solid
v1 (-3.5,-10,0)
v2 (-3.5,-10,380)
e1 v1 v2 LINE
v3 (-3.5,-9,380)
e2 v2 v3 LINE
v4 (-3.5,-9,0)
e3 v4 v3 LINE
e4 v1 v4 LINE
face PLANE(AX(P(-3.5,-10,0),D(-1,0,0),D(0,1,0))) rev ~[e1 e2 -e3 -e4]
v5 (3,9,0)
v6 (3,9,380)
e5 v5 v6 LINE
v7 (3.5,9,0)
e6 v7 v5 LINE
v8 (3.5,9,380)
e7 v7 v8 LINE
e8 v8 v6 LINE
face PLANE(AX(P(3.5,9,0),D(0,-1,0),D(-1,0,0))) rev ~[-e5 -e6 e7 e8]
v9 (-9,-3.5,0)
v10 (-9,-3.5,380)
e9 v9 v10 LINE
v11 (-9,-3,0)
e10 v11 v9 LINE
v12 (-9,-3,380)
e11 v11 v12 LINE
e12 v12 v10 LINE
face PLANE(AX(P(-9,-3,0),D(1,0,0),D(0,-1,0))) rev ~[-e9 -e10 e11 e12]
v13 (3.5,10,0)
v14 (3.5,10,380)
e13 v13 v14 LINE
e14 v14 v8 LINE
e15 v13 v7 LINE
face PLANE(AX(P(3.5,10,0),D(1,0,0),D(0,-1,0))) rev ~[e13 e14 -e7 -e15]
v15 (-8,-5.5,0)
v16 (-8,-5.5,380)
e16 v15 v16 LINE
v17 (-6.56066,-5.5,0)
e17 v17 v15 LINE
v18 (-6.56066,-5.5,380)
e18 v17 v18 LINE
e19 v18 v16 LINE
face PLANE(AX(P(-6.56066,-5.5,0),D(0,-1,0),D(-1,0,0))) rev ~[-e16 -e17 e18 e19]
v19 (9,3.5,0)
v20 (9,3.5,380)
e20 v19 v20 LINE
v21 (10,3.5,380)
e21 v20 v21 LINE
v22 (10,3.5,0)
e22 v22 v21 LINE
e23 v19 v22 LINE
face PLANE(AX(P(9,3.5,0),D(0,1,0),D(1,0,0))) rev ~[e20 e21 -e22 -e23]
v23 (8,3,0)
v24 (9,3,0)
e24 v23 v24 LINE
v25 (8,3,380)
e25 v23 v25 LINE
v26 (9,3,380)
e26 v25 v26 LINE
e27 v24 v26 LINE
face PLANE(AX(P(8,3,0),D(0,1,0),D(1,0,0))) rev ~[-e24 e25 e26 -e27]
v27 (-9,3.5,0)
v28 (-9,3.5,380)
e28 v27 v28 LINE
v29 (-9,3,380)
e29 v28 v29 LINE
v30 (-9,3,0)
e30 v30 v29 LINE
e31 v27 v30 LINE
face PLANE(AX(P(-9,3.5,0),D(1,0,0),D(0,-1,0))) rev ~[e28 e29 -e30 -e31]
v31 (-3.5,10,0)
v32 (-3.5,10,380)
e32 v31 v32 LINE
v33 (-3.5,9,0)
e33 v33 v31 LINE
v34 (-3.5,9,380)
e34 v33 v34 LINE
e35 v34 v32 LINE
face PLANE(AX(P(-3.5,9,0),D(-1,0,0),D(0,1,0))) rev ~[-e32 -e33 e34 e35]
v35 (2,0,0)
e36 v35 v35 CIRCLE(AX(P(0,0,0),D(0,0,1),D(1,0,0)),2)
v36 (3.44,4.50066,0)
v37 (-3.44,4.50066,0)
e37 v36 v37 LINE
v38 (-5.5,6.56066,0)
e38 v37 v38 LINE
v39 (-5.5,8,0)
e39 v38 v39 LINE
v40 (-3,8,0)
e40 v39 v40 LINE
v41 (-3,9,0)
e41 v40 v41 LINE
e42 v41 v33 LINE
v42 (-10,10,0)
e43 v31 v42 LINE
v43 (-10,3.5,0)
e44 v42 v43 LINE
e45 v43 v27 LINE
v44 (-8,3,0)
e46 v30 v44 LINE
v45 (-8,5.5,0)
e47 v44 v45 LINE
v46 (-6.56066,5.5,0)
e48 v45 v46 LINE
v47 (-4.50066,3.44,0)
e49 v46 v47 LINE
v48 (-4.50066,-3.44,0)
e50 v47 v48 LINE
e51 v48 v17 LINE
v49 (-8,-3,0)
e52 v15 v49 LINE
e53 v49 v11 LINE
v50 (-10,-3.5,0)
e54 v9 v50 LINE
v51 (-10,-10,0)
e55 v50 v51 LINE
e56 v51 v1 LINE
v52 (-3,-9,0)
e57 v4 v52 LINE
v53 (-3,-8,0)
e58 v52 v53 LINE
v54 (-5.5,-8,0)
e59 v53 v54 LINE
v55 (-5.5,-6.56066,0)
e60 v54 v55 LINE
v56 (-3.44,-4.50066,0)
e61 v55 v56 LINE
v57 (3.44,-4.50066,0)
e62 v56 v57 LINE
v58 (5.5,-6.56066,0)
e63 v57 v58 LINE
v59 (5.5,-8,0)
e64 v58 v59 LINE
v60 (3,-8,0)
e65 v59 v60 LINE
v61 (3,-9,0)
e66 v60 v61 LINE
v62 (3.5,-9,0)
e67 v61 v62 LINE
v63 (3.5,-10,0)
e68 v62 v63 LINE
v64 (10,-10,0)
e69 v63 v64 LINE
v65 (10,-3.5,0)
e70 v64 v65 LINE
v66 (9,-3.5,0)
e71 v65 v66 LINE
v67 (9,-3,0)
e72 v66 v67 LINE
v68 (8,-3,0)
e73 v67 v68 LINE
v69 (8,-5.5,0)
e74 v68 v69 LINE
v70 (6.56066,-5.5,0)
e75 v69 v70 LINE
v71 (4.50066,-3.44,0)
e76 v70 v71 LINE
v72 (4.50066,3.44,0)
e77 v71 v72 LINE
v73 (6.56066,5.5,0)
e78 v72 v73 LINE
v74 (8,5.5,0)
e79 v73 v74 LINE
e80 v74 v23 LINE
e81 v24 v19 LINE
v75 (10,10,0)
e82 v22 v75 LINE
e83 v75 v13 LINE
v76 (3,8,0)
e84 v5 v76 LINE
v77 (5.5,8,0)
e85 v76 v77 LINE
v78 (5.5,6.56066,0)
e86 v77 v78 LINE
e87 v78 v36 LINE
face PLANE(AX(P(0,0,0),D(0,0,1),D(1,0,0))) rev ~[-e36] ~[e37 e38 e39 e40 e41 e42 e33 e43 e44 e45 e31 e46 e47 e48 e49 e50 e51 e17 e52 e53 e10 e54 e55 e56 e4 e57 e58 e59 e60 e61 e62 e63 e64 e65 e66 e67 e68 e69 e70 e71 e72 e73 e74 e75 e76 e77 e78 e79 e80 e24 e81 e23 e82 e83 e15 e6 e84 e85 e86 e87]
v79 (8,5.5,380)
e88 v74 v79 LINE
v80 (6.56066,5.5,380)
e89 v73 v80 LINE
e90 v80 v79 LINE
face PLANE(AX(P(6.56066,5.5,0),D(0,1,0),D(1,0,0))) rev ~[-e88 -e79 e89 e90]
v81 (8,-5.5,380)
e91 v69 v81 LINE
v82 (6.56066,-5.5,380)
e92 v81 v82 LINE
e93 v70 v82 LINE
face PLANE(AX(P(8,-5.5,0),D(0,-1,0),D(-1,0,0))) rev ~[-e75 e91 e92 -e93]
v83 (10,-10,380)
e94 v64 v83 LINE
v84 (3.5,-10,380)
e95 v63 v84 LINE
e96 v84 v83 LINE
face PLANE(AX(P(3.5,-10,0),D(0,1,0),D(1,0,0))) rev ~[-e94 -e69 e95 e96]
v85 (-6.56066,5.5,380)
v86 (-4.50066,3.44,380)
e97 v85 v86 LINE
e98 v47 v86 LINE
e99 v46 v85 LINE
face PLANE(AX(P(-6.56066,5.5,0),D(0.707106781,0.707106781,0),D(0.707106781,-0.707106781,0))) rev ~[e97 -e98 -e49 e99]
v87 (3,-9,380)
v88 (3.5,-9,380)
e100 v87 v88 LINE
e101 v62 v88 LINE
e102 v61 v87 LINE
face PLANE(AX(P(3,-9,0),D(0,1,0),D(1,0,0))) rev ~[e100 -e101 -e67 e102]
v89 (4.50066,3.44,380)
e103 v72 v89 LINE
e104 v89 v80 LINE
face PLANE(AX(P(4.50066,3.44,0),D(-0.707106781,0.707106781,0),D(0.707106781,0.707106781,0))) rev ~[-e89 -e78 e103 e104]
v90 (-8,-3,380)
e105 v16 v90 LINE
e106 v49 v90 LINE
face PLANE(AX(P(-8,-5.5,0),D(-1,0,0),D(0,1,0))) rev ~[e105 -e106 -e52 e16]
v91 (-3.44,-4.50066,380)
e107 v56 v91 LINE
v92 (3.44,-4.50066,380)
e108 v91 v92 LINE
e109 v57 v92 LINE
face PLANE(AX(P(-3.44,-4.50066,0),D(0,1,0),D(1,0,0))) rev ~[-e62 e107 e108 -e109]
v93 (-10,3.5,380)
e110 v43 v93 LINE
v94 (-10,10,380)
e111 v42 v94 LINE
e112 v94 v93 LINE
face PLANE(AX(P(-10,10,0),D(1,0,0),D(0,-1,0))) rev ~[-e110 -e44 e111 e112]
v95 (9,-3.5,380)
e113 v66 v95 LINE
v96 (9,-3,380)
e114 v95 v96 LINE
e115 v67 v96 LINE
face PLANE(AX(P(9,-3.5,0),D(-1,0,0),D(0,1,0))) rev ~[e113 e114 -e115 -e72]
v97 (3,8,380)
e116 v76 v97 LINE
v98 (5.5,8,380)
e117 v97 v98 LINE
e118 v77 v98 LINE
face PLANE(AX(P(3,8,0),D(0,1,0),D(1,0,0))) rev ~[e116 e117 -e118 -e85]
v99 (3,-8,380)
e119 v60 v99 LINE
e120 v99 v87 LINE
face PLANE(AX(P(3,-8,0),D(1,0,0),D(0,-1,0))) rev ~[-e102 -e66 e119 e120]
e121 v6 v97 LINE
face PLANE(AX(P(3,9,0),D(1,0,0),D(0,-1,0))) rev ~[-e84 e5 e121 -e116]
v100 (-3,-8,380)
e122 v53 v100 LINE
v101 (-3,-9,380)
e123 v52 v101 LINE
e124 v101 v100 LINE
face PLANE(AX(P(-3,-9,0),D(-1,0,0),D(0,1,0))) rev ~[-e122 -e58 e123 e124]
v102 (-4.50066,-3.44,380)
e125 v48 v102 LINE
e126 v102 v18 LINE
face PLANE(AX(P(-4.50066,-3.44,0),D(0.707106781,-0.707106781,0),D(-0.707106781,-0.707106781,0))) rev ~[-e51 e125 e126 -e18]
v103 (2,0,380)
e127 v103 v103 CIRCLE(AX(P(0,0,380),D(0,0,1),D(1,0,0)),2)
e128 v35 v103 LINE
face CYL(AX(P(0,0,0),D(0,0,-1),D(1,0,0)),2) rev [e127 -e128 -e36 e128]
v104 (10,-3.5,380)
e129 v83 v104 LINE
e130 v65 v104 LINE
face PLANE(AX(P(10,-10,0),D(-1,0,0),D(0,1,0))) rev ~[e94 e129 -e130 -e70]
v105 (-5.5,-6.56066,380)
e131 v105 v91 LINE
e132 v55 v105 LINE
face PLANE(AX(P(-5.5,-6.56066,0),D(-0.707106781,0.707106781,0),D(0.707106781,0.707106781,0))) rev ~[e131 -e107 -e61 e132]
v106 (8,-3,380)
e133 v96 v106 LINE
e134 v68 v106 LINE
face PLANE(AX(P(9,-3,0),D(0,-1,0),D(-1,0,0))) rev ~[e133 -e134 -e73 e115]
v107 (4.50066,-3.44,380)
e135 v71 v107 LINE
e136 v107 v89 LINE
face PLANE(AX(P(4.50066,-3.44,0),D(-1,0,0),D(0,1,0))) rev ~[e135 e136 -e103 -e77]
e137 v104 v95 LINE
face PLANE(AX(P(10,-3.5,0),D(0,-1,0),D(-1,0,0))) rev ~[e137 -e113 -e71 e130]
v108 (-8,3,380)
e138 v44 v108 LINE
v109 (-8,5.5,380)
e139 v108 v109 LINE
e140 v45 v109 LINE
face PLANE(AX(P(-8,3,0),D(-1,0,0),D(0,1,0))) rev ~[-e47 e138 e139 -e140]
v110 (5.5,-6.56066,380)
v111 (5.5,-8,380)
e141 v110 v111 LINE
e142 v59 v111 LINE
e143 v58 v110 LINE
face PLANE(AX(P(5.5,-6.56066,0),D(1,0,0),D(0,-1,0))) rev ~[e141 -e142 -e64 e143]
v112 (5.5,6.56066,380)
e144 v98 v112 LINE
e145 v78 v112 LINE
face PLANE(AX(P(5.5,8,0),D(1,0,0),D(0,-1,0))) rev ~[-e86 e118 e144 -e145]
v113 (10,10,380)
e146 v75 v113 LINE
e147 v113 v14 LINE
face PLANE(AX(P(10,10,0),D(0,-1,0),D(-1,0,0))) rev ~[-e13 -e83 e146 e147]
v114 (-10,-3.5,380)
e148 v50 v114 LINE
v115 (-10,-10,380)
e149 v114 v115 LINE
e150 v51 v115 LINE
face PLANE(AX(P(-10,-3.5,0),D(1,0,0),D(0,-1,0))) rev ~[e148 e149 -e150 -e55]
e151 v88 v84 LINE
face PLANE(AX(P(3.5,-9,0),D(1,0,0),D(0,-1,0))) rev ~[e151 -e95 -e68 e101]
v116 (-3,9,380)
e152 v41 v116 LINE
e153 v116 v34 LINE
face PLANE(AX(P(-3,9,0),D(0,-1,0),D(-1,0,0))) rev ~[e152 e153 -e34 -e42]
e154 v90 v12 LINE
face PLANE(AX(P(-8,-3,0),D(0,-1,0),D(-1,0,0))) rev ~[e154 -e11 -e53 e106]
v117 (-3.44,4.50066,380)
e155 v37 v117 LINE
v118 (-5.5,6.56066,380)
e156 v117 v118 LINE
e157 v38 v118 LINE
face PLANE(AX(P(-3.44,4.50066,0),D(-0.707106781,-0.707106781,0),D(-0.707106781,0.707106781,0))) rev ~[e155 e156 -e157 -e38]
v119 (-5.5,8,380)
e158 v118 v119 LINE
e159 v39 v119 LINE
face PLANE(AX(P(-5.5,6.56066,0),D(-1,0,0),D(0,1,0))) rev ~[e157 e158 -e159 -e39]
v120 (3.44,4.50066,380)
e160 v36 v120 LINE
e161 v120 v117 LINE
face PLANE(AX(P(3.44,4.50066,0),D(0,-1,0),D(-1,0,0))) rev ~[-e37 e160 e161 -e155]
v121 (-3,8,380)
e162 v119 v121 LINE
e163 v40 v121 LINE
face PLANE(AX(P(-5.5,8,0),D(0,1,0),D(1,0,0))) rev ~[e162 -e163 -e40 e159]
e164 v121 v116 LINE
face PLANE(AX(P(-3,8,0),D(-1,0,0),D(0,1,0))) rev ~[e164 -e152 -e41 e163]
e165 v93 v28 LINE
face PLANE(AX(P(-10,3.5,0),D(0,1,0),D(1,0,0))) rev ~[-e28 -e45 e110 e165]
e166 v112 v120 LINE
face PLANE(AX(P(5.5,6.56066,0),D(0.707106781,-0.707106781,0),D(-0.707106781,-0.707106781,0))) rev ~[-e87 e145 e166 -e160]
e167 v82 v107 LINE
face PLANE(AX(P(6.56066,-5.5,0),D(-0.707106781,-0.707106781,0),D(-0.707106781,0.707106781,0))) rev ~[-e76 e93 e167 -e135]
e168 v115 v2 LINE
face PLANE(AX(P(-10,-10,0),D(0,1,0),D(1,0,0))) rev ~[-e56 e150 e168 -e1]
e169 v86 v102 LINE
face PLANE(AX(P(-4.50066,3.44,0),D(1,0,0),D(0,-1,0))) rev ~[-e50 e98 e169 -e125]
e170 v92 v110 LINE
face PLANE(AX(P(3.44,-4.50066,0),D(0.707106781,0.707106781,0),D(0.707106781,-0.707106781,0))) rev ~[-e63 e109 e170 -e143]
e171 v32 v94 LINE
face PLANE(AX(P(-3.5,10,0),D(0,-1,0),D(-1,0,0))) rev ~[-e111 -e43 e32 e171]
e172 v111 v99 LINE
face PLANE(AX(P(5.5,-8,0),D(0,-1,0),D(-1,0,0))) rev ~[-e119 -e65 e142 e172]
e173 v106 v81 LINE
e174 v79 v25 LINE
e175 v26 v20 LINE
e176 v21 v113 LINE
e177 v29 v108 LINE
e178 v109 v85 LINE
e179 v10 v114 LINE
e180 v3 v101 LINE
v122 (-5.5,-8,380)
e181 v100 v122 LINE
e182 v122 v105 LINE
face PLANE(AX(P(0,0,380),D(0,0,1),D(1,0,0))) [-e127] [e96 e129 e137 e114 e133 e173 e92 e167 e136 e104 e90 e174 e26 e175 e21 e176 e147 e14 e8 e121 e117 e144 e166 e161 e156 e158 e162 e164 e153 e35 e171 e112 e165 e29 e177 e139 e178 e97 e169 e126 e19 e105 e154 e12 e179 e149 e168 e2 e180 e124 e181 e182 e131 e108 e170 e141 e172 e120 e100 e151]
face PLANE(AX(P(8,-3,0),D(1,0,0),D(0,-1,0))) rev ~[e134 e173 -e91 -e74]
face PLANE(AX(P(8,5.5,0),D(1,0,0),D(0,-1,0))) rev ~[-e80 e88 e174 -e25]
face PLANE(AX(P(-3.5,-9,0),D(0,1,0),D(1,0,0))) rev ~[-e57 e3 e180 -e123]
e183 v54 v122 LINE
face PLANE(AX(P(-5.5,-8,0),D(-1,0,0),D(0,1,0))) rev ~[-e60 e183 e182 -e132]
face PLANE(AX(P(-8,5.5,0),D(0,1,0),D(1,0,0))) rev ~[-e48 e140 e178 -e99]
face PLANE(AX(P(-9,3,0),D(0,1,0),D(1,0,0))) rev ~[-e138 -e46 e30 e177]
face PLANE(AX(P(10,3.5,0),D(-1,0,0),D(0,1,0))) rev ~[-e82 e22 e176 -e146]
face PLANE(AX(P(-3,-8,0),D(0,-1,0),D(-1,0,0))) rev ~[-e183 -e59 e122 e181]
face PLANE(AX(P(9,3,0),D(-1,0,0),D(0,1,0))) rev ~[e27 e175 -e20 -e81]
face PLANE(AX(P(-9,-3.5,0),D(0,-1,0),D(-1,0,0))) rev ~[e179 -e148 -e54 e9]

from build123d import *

# Parameters (mm, degrees)
SKETCH1_R           = 2
BOSS_EXTRUDE1_DEPTH = 380


with BuildPart() as part:
    # Sketch1 → Boss-Extrude1 (new body)
    with BuildSketch(Plane.XY):
        Polygon((-10, -10), (-3.5, -10), (-3.5, -9), (-3, -9), (-3, -8), (-5.5, -8), (-5.5, -6.560660172), (-3.44, -4.500660172), (3.44, -4.500660172), (5.5, -6.560660172), (5.5, -8), (3, -8), (3, -9), (3.5, -9), (3.5, -10), (10, -10), (10, -3.5), (9, -3.5), (9, -3), (8, -3), (8, -5.5), (6.560660172, -5.5), (4.500660172, -3.44), (4.500660172, 3.44), (6.560660172, 5.5), (8, 5.5), (8, 3), (9, 3), (9, 3.5), (10, 3.5), (10, 10), (3.5, 10), (3.5, 9), (3, 9), (3, 8), (5.5, 8), (5.5, 6.560660172), (3.44, 4.500660172), (-3.44, 4.500660172), (-5.5, 6.560660172), (-5.5, 8), (-3, 8), (-3, 9), (-3.5, 9), (-3.5, 10), (-10, 10), (-10, 3.5), (-9, 3.5), (-9, 3), (-8, 3), (-8, 5.5), (-6.560660172, 5.5), (-4.500660172, 3.44), (-4.500660172, -3.44), (-6.560660172, -5.5), (-8, -5.5), (-8, -3), (-9, -3), (-9, -3.5), (-10, -3.5), align=None)
        Circle(SKETCH1_R, mode=Mode.SUBTRACT)
    extrude(amount=BOSS_EXTRUDE1_DEPTH)


solid = part.part
